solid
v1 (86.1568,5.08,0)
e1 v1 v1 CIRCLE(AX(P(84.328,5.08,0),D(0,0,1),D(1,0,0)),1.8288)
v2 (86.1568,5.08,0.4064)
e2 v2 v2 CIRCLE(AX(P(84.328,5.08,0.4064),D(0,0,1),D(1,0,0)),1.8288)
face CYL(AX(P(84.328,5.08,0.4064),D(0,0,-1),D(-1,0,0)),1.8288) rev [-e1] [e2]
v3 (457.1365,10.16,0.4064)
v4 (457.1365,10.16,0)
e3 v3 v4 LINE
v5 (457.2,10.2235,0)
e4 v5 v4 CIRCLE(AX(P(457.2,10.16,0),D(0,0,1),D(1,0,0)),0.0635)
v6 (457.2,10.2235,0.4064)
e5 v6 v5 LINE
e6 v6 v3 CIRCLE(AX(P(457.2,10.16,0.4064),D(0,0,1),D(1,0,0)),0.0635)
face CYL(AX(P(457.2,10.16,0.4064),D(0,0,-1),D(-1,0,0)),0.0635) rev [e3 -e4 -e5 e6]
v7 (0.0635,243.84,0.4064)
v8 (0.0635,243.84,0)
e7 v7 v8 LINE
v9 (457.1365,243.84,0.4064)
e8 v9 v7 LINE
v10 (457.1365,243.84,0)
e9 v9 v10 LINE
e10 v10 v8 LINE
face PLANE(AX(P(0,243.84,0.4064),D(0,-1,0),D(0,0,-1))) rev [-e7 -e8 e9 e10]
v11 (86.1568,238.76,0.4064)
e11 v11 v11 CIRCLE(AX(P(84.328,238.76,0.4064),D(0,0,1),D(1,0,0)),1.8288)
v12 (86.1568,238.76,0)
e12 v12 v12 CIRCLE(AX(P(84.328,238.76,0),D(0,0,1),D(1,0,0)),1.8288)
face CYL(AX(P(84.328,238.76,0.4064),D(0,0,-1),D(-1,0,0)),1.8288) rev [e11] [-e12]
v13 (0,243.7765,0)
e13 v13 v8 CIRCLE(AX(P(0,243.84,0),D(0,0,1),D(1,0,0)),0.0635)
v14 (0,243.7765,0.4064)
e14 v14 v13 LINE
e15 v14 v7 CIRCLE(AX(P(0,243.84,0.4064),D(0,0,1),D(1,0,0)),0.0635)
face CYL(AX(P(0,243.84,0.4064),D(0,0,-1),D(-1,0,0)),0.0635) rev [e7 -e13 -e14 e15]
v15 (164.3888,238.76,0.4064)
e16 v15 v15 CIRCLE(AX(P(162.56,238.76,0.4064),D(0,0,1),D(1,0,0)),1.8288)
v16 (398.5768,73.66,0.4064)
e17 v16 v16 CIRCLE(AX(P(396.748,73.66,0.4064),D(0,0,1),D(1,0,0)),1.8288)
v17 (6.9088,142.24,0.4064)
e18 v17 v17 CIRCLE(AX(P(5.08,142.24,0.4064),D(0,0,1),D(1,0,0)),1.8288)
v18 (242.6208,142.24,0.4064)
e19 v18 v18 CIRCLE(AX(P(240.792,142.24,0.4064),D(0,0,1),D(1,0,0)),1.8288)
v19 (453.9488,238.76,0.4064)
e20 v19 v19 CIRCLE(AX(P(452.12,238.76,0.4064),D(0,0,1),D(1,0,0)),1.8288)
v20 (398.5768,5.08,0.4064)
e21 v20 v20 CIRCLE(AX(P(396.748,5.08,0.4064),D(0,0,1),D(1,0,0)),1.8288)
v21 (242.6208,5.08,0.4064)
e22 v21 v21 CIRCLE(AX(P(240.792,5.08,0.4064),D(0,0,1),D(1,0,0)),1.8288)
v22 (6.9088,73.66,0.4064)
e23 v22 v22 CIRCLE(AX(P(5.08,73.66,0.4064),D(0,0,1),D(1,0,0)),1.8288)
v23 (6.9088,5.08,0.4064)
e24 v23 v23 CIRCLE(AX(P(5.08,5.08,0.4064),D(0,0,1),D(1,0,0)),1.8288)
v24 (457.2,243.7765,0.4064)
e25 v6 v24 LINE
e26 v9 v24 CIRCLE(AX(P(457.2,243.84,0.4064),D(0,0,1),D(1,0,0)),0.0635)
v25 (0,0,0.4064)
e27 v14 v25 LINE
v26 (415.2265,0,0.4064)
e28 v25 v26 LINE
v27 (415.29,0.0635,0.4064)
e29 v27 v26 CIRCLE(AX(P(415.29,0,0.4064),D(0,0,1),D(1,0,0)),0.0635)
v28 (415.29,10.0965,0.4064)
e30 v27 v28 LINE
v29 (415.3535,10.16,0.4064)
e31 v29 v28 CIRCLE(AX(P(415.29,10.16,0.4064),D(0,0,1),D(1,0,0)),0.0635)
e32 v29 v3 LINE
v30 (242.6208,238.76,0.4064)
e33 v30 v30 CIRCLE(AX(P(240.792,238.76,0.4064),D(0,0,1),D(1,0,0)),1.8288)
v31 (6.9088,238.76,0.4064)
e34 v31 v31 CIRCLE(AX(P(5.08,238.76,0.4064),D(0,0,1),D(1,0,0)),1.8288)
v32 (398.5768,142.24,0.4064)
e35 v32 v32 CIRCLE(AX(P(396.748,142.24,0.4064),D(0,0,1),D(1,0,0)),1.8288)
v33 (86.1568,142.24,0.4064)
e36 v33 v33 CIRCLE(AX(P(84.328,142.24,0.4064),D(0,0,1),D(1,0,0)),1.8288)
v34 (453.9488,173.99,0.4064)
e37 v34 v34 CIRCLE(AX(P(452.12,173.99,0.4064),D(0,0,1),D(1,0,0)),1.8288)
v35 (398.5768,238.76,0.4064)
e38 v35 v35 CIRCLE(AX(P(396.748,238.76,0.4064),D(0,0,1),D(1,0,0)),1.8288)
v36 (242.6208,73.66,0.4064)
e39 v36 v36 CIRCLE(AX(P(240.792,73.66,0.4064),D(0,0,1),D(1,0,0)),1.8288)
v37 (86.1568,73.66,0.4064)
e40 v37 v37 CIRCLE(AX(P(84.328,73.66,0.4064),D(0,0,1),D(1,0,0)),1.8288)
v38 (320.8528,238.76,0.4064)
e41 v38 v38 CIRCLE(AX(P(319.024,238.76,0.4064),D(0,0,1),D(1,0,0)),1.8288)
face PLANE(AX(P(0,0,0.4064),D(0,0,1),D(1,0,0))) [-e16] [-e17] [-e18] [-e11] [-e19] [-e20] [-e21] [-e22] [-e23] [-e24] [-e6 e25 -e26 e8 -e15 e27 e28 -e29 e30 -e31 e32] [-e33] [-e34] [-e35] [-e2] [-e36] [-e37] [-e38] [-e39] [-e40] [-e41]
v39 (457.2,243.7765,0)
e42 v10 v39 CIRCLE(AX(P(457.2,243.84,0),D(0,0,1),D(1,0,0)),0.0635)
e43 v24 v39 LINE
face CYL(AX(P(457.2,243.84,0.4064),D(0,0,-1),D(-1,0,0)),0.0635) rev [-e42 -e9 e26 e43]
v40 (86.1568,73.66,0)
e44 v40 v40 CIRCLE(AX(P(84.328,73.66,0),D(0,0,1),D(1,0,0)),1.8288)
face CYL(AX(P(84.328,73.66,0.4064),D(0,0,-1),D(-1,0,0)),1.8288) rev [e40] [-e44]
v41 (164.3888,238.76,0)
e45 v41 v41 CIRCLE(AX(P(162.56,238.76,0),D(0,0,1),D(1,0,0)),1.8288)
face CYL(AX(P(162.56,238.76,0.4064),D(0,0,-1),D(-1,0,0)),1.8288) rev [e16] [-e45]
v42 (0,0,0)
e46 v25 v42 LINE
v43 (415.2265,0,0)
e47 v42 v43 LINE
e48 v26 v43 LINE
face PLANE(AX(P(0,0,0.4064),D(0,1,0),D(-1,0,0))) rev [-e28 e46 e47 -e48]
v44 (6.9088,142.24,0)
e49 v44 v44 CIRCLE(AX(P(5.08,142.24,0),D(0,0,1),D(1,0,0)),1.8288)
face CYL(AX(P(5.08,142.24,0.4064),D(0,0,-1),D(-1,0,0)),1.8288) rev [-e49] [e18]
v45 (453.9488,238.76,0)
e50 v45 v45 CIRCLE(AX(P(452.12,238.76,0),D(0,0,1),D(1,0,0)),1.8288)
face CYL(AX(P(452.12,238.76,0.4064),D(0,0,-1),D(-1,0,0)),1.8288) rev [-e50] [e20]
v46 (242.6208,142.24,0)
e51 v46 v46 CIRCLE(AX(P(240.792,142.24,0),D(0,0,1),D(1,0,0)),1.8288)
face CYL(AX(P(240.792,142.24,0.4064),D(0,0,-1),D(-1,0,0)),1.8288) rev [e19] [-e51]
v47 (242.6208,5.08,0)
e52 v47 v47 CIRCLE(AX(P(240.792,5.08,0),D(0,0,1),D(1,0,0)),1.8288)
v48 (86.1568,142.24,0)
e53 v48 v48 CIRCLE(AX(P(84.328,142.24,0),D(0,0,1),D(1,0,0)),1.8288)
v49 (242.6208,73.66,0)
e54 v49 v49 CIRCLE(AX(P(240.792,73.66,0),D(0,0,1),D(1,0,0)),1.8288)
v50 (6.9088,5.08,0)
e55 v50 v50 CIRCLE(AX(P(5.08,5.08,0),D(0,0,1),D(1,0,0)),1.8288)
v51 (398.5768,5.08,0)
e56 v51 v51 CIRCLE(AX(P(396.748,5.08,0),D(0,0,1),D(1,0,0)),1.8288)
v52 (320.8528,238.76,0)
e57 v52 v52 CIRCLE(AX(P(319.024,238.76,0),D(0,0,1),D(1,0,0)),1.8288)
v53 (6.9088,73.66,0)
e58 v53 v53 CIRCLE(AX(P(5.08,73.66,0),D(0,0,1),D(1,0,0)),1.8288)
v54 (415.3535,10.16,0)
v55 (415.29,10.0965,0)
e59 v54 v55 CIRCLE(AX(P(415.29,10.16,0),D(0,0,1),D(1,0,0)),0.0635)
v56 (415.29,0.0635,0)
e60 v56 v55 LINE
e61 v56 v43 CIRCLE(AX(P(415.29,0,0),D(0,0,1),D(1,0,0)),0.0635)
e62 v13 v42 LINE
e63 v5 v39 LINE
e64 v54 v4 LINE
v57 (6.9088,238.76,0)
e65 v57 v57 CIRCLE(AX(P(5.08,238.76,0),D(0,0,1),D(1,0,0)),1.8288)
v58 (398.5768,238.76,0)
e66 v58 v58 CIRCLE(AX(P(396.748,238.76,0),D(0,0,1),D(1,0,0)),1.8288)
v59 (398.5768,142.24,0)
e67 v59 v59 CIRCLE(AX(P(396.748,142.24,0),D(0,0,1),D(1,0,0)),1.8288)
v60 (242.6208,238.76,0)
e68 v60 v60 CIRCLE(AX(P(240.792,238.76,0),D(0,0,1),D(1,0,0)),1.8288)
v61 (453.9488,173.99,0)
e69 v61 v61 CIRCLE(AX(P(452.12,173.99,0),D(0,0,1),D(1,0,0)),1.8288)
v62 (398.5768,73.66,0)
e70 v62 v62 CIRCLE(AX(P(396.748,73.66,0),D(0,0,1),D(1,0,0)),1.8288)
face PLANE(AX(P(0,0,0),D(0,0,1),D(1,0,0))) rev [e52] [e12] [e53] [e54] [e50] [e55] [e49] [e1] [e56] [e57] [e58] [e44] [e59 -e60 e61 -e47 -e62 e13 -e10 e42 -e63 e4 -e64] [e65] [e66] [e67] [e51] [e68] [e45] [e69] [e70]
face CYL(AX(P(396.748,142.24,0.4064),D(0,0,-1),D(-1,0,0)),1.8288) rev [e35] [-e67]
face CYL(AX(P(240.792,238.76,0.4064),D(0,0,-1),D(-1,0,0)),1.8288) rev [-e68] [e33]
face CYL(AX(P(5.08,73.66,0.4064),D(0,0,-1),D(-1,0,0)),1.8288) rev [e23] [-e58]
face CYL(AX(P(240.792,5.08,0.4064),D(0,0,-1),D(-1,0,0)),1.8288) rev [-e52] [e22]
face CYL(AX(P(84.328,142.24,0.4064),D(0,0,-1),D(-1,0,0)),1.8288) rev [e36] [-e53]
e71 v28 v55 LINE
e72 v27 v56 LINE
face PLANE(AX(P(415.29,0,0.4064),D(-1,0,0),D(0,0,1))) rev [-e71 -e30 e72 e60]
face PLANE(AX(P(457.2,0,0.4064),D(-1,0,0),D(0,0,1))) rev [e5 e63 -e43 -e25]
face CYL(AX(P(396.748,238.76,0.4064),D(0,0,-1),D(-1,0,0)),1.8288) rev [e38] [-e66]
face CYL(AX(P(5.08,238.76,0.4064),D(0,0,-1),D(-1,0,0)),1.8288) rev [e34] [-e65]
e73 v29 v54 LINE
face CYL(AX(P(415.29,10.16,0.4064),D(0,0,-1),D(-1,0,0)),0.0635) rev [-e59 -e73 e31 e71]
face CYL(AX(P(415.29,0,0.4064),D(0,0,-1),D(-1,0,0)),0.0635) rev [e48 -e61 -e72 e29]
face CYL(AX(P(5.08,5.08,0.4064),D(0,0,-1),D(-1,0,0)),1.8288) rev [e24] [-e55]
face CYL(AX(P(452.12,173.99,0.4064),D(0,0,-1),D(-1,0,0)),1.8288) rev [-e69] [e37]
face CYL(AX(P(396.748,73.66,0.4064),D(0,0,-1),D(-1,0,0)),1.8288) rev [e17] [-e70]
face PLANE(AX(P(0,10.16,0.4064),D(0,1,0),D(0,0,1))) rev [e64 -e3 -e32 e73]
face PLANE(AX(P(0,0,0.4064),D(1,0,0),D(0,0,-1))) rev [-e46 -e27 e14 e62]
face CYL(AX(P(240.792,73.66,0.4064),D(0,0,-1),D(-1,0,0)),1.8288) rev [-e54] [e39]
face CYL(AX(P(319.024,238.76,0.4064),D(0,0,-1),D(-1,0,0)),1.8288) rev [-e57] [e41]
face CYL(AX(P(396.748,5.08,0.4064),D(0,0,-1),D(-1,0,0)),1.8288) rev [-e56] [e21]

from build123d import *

# Parameters (mm, degrees)
MODEL_R             = 1.8288
BOSS_EXTRUDE2_DEPTH = 0.4064


with BuildPart() as part:
    # Model → Boss-Extrude2 (new body)
    with BuildSketch(Plane.XY):
        with BuildLine():
            Line((0, 243.7765), (0, 0))
            Line((0, 0), (415.2265, 0))
            ThreePointArc((415.2265, 0), (415.245098719, 0.044901281), (415.29, 0.0635))
            Line((415.29, 0.0635), (415.29, 10.0965))
            ThreePointArc((415.29, 10.0965), (415.245098719, 10.204901281), (415.3535, 10.16))
            Line((415.3535, 10.16), (457.1365, 10.16))
            ThreePointArc((457.1365, 10.16), (457.155098719, 10.204901281), (457.2, 10.2235))
            Line((457.2, 10.2235), (457.2, 243.7765))
            ThreePointArc((457.2, 243.7765), (457.155098719, 243.795098719), (457.1365, 243.84))
            Line((457.1365, 243.84), (0.0635, 243.84))
            ThreePointArc((0.0635, 243.84), (0.044901281, 243.795098719), (0, 243.7765))
        make_face()
        with Locations((5.08, 5.08)):
            Circle(MODEL_R, mode=Mode.SUBTRACT)
        with Locations((84.328, 5.08)):
            Circle(MODEL_R, mode=Mode.SUBTRACT)
        with Locations((5.08, 73.66)):
            Circle(MODEL_R, mode=Mode.SUBTRACT)
        with Locations((84.328, 73.66)):
            Circle(MODEL_R, mode=Mode.SUBTRACT)
        with Locations((240.792, 5.08)):
            Circle(MODEL_R, mode=Mode.SUBTRACT)
        with Locations((396.748, 5.08)):
            Circle(MODEL_R, mode=Mode.SUBTRACT)
        with Locations((240.792, 73.66)):
            Circle(MODEL_R, mode=Mode.SUBTRACT)
        with Locations((396.748, 73.66)):
            Circle(MODEL_R, mode=Mode.SUBTRACT)
        with Locations((5.08, 142.24)):
            Circle(MODEL_R, mode=Mode.SUBTRACT)
        with Locations((84.328, 142.24)):
            Circle(MODEL_R, mode=Mode.SUBTRACT)
        with Locations((5.08, 238.76)):
            Circle(MODEL_R, mode=Mode.SUBTRACT)
        with Locations((84.328, 238.76)):
            Circle(MODEL_R, mode=Mode.SUBTRACT)
        with Locations((162.56, 238.76)):
            Circle(MODEL_R, mode=Mode.SUBTRACT)
        with Locations((240.792, 142.24)):
            Circle(MODEL_R, mode=Mode.SUBTRACT)
        with Locations((396.748, 142.24)):
            Circle(MODEL_R, mode=Mode.SUBTRACT)
        with Locations((452.12, 173.99)):
            Circle(MODEL_R, mode=Mode.SUBTRACT)
        with Locations((240.792, 238.76)):
            Circle(MODEL_R, mode=Mode.SUBTRACT)
        with Locations((319.024, 238.76)):
            Circle(MODEL_R, mode=Mode.SUBTRACT)
        with Locations((396.748, 238.76)):
            Circle(MODEL_R, mode=Mode.SUBTRACT)
        with Locations((452.12, 238.76)):
            Circle(MODEL_R, mode=Mode.SUBTRACT)
    extrude(amount=BOSS_EXTRUDE2_DEPTH)


solid = part.part
